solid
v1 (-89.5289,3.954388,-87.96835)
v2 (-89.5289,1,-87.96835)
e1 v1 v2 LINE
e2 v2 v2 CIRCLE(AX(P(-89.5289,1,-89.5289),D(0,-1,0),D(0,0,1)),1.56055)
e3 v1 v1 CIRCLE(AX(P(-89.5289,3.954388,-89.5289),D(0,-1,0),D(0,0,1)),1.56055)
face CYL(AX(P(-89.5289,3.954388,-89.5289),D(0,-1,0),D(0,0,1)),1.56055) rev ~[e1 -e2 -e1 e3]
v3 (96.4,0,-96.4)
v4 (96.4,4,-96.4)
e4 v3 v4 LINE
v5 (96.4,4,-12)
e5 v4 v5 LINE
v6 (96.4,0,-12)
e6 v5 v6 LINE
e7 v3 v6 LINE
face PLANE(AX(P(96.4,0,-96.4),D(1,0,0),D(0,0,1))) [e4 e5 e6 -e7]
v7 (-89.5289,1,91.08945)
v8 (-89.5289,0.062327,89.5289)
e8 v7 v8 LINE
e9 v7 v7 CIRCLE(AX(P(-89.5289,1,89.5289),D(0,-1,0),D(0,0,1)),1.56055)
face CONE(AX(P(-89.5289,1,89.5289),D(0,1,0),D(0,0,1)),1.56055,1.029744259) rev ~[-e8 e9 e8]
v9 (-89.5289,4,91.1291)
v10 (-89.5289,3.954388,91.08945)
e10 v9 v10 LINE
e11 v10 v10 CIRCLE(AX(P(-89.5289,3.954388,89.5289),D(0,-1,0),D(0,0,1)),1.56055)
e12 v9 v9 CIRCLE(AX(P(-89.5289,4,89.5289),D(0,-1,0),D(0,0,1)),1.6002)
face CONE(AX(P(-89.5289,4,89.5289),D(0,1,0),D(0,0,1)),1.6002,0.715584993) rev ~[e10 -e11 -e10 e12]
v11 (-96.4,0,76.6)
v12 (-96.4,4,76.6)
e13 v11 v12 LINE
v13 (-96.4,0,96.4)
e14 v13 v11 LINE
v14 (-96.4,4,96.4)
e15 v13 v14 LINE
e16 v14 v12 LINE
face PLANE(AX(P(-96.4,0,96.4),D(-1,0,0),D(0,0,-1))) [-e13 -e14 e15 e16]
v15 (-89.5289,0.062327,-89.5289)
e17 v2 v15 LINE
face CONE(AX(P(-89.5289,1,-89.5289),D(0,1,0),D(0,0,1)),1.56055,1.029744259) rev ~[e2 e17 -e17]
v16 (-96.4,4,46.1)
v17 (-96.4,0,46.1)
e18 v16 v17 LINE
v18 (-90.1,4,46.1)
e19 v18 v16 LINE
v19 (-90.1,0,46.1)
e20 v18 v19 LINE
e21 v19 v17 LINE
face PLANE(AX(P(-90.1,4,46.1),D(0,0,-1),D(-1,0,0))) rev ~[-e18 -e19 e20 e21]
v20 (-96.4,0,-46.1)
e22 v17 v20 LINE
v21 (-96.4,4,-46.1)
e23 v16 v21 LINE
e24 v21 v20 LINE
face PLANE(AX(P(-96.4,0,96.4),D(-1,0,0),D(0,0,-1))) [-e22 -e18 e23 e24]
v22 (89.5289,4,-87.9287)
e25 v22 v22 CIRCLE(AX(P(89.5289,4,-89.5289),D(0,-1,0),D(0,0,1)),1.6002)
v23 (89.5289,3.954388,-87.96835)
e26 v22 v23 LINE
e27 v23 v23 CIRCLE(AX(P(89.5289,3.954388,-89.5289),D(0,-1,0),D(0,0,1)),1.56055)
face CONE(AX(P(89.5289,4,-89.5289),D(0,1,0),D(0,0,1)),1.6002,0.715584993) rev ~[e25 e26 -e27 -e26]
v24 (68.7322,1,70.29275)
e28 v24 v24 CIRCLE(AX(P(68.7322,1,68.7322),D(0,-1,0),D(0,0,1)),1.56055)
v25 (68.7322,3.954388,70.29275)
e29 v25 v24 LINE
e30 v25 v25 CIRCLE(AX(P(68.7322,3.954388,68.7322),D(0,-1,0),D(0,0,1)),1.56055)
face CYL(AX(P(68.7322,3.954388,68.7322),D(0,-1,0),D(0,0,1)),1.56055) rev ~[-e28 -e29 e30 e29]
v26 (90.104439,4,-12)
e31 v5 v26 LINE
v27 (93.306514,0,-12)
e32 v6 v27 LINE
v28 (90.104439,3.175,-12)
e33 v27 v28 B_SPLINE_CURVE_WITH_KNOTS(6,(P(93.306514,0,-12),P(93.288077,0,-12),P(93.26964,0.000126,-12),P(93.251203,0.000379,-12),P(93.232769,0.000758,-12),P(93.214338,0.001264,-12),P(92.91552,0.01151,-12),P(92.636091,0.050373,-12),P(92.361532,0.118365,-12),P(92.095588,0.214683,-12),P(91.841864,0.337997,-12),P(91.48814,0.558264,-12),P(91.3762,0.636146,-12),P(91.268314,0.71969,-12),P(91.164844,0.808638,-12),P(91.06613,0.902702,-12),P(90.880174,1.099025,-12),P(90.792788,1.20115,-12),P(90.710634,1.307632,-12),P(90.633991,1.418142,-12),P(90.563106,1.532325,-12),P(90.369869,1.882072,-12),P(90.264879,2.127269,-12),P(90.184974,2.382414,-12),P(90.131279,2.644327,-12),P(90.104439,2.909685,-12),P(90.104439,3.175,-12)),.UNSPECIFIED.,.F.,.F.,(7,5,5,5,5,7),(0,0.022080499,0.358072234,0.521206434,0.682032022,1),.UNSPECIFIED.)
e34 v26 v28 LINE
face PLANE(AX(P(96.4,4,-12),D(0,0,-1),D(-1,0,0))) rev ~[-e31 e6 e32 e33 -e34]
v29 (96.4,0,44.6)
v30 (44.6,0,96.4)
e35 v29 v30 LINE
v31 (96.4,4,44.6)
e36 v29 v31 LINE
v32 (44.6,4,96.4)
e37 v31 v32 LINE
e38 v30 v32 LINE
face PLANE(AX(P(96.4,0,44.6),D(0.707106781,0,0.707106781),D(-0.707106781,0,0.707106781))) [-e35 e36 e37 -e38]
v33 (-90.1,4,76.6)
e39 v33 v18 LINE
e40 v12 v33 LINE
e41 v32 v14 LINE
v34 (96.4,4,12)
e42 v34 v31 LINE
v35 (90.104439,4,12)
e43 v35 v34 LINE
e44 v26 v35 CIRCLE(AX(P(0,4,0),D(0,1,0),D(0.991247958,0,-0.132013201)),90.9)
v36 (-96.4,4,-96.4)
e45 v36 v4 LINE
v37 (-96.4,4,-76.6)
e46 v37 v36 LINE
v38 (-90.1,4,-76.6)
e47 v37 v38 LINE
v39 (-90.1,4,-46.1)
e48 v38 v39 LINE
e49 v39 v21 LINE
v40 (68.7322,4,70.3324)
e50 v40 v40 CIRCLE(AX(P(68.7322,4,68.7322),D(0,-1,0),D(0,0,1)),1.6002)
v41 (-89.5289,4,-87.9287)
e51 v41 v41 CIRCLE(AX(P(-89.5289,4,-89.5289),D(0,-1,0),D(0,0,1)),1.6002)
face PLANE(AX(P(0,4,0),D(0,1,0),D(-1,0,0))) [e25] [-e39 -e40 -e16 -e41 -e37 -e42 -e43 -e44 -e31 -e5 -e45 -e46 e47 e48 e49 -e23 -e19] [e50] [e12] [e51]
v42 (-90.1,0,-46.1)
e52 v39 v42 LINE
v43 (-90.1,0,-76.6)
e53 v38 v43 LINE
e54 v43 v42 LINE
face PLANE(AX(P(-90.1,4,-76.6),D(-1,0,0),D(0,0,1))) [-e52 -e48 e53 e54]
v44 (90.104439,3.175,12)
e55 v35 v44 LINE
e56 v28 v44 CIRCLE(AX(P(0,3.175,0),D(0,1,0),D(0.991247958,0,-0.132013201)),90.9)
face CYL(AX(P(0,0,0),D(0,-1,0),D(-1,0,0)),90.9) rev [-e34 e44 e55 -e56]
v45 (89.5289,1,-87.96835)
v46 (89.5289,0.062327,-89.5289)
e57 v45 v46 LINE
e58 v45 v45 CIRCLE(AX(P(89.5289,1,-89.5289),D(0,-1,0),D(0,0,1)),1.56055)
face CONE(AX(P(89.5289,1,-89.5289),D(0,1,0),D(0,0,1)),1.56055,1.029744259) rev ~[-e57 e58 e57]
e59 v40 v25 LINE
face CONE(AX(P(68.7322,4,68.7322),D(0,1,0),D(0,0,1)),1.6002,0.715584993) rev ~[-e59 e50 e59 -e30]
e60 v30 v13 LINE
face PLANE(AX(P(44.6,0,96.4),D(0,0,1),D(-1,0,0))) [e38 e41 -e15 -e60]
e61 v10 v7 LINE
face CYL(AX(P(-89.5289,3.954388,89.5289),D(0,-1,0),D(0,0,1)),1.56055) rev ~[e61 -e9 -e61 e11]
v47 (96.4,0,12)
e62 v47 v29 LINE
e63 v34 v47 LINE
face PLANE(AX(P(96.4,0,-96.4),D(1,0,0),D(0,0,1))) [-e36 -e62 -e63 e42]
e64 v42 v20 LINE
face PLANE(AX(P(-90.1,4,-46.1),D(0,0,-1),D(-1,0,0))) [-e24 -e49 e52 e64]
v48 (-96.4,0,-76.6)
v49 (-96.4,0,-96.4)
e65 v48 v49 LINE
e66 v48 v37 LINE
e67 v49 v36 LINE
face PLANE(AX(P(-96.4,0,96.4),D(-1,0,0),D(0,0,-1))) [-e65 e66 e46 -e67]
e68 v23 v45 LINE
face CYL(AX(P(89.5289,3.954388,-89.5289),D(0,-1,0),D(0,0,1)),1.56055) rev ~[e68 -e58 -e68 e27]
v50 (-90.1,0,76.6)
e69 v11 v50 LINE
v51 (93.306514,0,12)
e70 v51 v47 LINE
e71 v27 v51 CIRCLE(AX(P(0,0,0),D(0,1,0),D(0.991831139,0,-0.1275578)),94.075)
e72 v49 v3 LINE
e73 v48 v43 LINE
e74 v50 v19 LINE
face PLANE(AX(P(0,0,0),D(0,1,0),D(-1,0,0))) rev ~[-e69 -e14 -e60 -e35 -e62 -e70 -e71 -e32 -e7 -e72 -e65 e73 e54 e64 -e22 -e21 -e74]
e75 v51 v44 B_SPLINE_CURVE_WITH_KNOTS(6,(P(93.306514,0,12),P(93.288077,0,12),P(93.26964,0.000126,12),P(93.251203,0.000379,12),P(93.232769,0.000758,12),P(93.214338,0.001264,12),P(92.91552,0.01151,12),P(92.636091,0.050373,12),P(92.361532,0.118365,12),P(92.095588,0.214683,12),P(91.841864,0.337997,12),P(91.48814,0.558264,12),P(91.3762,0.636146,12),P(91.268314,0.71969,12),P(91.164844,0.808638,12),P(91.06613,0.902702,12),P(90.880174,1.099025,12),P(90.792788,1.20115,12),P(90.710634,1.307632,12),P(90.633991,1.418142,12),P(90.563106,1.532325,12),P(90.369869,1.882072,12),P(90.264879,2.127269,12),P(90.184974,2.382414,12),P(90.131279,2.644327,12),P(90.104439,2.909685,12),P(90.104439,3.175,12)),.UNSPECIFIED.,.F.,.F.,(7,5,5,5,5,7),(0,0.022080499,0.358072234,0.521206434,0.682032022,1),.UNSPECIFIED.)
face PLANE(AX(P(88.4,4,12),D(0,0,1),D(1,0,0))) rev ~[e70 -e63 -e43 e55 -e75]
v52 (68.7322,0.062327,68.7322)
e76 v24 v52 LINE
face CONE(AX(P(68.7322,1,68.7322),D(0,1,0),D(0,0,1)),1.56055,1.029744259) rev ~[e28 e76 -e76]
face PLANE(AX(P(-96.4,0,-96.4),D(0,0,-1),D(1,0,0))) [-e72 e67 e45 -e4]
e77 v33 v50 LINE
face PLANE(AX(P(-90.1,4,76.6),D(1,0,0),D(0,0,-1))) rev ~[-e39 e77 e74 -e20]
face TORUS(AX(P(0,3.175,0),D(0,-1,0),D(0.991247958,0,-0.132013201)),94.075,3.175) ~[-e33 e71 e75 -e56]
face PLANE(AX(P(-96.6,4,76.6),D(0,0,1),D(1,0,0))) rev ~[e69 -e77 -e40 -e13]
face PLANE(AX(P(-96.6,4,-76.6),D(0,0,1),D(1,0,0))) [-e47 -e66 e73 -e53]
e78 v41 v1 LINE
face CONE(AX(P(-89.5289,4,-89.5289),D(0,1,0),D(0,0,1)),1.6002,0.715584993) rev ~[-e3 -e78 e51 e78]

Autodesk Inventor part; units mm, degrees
ref_plane "YZ Plane" through (0, 0, 0) normal (1, 0, 0) x (0, 1, 0)
ref_plane "XZ Plane" through (0, 0, 0) normal (0, 1, 0) x (-1, 0, 0)
ref_plane "XY Plane" through (0, 0, 0) normal (0, 0, 1) x (1, 0, 0)
sketch "Sketch1" plane through (0, 0, 0) normal (0, 1, 0) x (-1, 0, 0)
  line L0 (101.6, -101.6) -> (-101.6, -101.6)
  line L1 (-101.6, -101.6) -> (-101.6, 101.6)
  line L2 (-101.6, 101.6) -> (101.6, 101.6)
  line L3 (101.6, 101.6) -> (101.6, -101.6)
  line L4 (96.6, -96.6) -> (-96.6, -96.6)
  line L5 (-96.6, -96.6) -> (-96.6, 96.6)
  line L6 (-96.6, 96.6) -> (96.6, 96.6)
  line L7 (96.6, 96.6) -> (96.6, -96.6)
  line L8 (101.6, 101.6) -> (-40.4, 101.6)
  circle A0 centre (0, 0) radius 88.9
  line L9 (-40.4, 101.6) -> (-101.6, 40.4)
  line L10 (-45.4, 101.6) -> (-101.6, 45.4)
  line L11 (96.6, 96.6) -> (96.6, 101.6)
  line L12 (-45.4, 101.6) -> (-35.4, 101.6)
  line L13 (-35.4, 101.6) -> (-35.4, 96.6)
  line L14 (-35.4, 96.6) -> (-45.4, 96.6)
  line L15 (-45.4, 96.6) -> (-45.4, 101.6)
  line L16 (-101.6, 39.4) -> (-39.4, 101.6)
  line L17 (96.4, -96.4) -> (-96.4, -96.4)
  line L18 (-96.4, -96.4) -> (-96.4, 96.4)
  line L19 (-96.4, 96.4) -> (96.4, 96.4)
  line L20 (96.4, 96.4) -> (96.4, -96.4)
  circle A1 centre (0, 0) radius 90.9
  point P0 (96.6, 51.2168)
  point P1 (101.6, 40.4)
  point P2 (101.6, -40.4)
  point P3 (96.6, -51.2168)
  point P4 (-96.6, 45.4)
  point P5 (-45.4, 96.6)
  point P6 (-44.6, 96.4)
  point P7 (-96.4, 44.6)
  dimension "d0" = 203.2
  dimension "d1" = 203.2
  dimension "d2" = 101.6
  dimension "d3" = 101.6
  dimension "d4" = 5
  dimension "d5" = 5
  dimension "d6" = 5
  dimension "d7" = 5
  dimension "d8" = 142
  dimension "d9" = 61.2
  dimension "d10" = 177.8
  dimension "d11" = 5
  dimension "d12" = 5
  dimension "d13" = 10
  dimension "d14" = 1
  dimension "d15" = 0.2
  dimension "d16" = 0.2
  dimension "d17" = 0.2
  dimension "d18" = 0.2
  dimension "d64" = 181.8
extrude "Extrusion1" add sketch "Sketch1" along normal blind 4 contours L16 L19 L20 L17 L18
sketch "Sketch6" plane through (0, 4, 0) normal (0, 1, 0) x (1, 0, 0)
  line L0 (96.4, 96.4) -> (-96.4, 96.4) projected
  line L1 (96.4, 96.4) -> (88.4, 96.4)
  line L2 (88.4, 96.4) -> (88.4, -45.6)
  line L3 (88.4, -45.6) -> (96.4, -45.6)
  line L4 (96.4, -45.6) -> (96.4, 96.4)
  line L5 (96.4, -44.6) -> (96.4, 96.4) projected
  line L6 (88.4, -12) -> (96.4, -12)
  line L7 (96.4, -12) -> (96.4, 12)
  line L8 (96.4, 12) -> (88.4, 12)
  line L9 (88.4, 12) -> (88.4, -12)
  line L10 (0, 0) -> (96.4, 0)
  point P0 (96.4, -12)
  dimension "d58" = 8
  dimension "d59" = 142
  dimension "d62" = 12
  dimension "d63" = 12
extrude "Extrusion6" cut sketch "Sketch6" against normal blind 25.4 contours L4 L10 L2 L8 | L4 L6 L2 L10
sketch "Sketch8" plane through (0, 4, 0) normal (0, 1, 0) x (1, 0, 0)
  line L0 (-96.6, 96.6) -> (-96.6, -96.6)
  line L1 (96.6, 96.6) -> (-96.6, 96.6)
  line L2 (-96.6, 96.6) -> (96.6, 96.6)
  line L3 (96.6, -45.4) -> (45.4, -96.6)
  line L4 (96.6, 96.6) -> (96.6, -45.4)
  line L5 (96.6, -45.4) -> (45.4, -96.6)
  line L6 (45.4, -96.6) -> (-96.6, -96.6)
  line L7 (-96.6, -96.6) -> (-96.6, 96.6)
  line L8 (-96.6, 96.6) -> (-89.5289, 89.5289)
  circle A0 centre (-89.5289, 89.5289) radius 5
  circle A1 centre (-89.5289, 89.5289) radius 1.5
  line L9 (-89.5289, 84.5289) -> (-96.6, 84.5289)
  line L10 (-89.5289, 89.5289) -> (-89.5289, 84.5289)
  line L11 (-89.5289, 89.5289) -> (-84.5289, 89.5289)
  line L12 (-84.5289, 96.6) -> (-84.5289, 89.5289)
  line L13 (-96.6, -96.6) -> (-89.5289, -89.5289)
  line L14 (-96.6, -96.6) -> (-86.6, -96.6) construction
  circle A2 centre (-89.5289, -89.5289) radius 5
  circle A3 centre (-89.5289, -89.5289) radius 1.75
  line L15 (-89.5289, -89.5289) -> (-84.5289, -89.5289)
  line L16 (-84.5289, -96.6) -> (-84.5289, -89.5289)
  line L17 (-89.5289, -89.5289) -> (-89.5289, -84.5289)
  line L18 (-96.6, -84.5289) -> (-89.5289, -84.5289)
  line L19 (96.6, 96.6) -> (89.5289, 89.5289)
  circle A4 centre (89.5289, 89.5289) radius 5
  circle A5 centre (89.5289, 89.5289) radius 1.75
  line L20 (89.5289, 89.5289) -> (84.5289, 89.5289)
  line L21 (84.5289, 96.6) -> (84.5289, 89.5289)
  line L22 (89.5289, 89.5289) -> (89.5289, 84.5289)
  line L23 (96.6, 84.5289) -> (89.5289, 84.5289)
  line L24 (96.6, -43.114) -> (96.6, 96.6)
  line L25 (-96.6, -96.6) -> (43.1178, -96.6)
  line L26 (28.9914, 5.6569) -> (-5.6569, -28.9914)
  line L27 (25.4, -25.4) -> (101.6, -25.4)
  line L28 (101.6, -88.9) -> (101.6, 101.6)
  line L29 (25.4, -25.4) -> (25.4, -101.6)
  line L30 (43.1178, -101.6) -> (-101.6, -101.6)
  line L31 (96.6, -25.4) -> (86.6, -25.4)
  circle A6 centre (86.6, -25.4) radius 5
  circle A7 centre (86.6, -25.4) radius 1.75
  line L32 (25.4, -96.6) -> (25.4, -86.6)
  circle A8 centre (25.4, -86.6) radius 5
  circle A9 centre (25.4, -86.6) radius 1.75
  line L33 (44.6, -96.4) -> (96.4, -44.6) projected
  circle A10 centre (68.7322, -68.7322) radius 1
  point P0 (0, 0)
  point P1 (0, 0)
  point P2 (0, 0)
  dimension "d90" = 10
  dimension "d91" = 3
  dimension "d92" = 10
  dimension "d93" = 45
  dimension "d94" = 10
  dimension "d95" = 3.5
  dimension "d96" = 10
  dimension "d97" = 10
  dimension "d98" = 3.5
  dimension "d99" = 76.2
  dimension "d100" = 76.2
  dimension "d101" = 10
  dimension "d102" = 10
  dimension "d103" = 3.5
  dimension "d104" = 10
  dimension "d105" = 10
  dimension "d106" = 3.5
  dimension "d115" = 2
  dimension "d116" = 2.5
hole "Hole1" at (-89.5289, 4, -89.5289) at (89.5289, 4, -89.5289) at (-89.5289, 4, 89.5289) at (68.7322, 4, 68.7322) direction (0, -1, 0) diameter 3.1211 depth 3 tip angle 118 countersink diameter 3.2004 countersink angle 82 thread size "M3.5x0.35" class "6H" standard "ANSI Metric M Profile"
fillet "Fillet1" radius 3.175 2 edges at (-6.0132, 0, -90.7009) (-6.0132, 0, 90.7009)
sketch "Sketch9" plane through (0, 4, 0) normal (0, 1, 0) x (1, 0, 0)
  arc A0 (-101.6, -98.425) -> (-98.425, -101.6) centre (-98.425, -98.425) ccw
  line L0 (44.0849, 101.6) -> (-98.425, 101.6)
  line L1 (-101.6, 98.425) -> (-101.6, -98.425)
  line L2 (-101.6, -46.1) -> (-101.6, -76.6)
  line L3 (-96.6, -96.6) -> (-96.6, 96.6)
  line L4 (-96.6, -46.1) -> (-96.6, -76.6)
  line L5 (-101.6, -76.6) -> (-96.6, -76.6)
  line L6 (-101.6, -46.1) -> (-96.6, -46.1)
  line L7 (-98.425, -101.6) -> (101.6, -101.6)
  line L8 (0, 0) -> (-101.6, 0)
  line L9 (-101.6, 46.1) -> (-101.6, 76.6)
  line L10 (-96.6, 46.1) -> (-96.6, 76.6)
  line L11 (-101.6, 76.6) -> (-96.6, 76.6)
  line L12 (-101.6, 46.1) -> (-96.6, 46.1)
  line L13 (-96.6, -76.6) -> (-90.1, -76.6)
  line L14 (-90.1, -76.6) -> (-90.1, -46.1)
  line L15 (-90.1, -46.1) -> (-96.6, -46.1)
  line L16 (-96.6, -46.1) -> (-96.6, -76.6)
  arc A1 (-98.425, 101.6) -> (-101.6, 98.425) centre (-98.425, 98.425) ccw
  line L17 (-101.6, 46.1) -> (-96.6, 46.1)
  line L18 (-90.1, 46.1) -> (-96.6, 46.1)
  line L19 (-101.6, 46.1) -> (-101.6, 76.6)
  line L20 (-96.6, 46.1) -> (-96.6, 76.6)
  line L21 (-96.6, 46.1) -> (-96.6, 76.6)
  line L22 (-90.1, 76.6) -> (-90.1, 46.1)
  line L23 (-101.6, 76.6) -> (-96.6, 76.6)
  line L24 (-96.6, 76.6) -> (-90.1, 76.6)
  point P0 (-98.425, 98.425)
  point P1 (46.1, 101.6)
  point P2 (46.1, 96.6)
  point P3 (76.6, 96.6)
  point P4 (76.6, 101.6)
  point P5 (-46.1, 96.6)
  dimension "d117" = 30.5
  dimension "d118" = 25
  dimension "d119" = 6.5
extrude "Extrusion7" cut sketch "Sketch9" against normal blind 25.4 contours L24 L22 L18 L3 | L15 L14 L13 L3
equation "\"d1\" = d0"
equation "\"d2\" = 0.5 * d0"
equation "\"d3\" = 0.5 * d0"
equation "\"d15\" = d17"
equation "\"d16\" = d17"
equation "\"d18\" = d17"
properties part number "Drop_Plate"
